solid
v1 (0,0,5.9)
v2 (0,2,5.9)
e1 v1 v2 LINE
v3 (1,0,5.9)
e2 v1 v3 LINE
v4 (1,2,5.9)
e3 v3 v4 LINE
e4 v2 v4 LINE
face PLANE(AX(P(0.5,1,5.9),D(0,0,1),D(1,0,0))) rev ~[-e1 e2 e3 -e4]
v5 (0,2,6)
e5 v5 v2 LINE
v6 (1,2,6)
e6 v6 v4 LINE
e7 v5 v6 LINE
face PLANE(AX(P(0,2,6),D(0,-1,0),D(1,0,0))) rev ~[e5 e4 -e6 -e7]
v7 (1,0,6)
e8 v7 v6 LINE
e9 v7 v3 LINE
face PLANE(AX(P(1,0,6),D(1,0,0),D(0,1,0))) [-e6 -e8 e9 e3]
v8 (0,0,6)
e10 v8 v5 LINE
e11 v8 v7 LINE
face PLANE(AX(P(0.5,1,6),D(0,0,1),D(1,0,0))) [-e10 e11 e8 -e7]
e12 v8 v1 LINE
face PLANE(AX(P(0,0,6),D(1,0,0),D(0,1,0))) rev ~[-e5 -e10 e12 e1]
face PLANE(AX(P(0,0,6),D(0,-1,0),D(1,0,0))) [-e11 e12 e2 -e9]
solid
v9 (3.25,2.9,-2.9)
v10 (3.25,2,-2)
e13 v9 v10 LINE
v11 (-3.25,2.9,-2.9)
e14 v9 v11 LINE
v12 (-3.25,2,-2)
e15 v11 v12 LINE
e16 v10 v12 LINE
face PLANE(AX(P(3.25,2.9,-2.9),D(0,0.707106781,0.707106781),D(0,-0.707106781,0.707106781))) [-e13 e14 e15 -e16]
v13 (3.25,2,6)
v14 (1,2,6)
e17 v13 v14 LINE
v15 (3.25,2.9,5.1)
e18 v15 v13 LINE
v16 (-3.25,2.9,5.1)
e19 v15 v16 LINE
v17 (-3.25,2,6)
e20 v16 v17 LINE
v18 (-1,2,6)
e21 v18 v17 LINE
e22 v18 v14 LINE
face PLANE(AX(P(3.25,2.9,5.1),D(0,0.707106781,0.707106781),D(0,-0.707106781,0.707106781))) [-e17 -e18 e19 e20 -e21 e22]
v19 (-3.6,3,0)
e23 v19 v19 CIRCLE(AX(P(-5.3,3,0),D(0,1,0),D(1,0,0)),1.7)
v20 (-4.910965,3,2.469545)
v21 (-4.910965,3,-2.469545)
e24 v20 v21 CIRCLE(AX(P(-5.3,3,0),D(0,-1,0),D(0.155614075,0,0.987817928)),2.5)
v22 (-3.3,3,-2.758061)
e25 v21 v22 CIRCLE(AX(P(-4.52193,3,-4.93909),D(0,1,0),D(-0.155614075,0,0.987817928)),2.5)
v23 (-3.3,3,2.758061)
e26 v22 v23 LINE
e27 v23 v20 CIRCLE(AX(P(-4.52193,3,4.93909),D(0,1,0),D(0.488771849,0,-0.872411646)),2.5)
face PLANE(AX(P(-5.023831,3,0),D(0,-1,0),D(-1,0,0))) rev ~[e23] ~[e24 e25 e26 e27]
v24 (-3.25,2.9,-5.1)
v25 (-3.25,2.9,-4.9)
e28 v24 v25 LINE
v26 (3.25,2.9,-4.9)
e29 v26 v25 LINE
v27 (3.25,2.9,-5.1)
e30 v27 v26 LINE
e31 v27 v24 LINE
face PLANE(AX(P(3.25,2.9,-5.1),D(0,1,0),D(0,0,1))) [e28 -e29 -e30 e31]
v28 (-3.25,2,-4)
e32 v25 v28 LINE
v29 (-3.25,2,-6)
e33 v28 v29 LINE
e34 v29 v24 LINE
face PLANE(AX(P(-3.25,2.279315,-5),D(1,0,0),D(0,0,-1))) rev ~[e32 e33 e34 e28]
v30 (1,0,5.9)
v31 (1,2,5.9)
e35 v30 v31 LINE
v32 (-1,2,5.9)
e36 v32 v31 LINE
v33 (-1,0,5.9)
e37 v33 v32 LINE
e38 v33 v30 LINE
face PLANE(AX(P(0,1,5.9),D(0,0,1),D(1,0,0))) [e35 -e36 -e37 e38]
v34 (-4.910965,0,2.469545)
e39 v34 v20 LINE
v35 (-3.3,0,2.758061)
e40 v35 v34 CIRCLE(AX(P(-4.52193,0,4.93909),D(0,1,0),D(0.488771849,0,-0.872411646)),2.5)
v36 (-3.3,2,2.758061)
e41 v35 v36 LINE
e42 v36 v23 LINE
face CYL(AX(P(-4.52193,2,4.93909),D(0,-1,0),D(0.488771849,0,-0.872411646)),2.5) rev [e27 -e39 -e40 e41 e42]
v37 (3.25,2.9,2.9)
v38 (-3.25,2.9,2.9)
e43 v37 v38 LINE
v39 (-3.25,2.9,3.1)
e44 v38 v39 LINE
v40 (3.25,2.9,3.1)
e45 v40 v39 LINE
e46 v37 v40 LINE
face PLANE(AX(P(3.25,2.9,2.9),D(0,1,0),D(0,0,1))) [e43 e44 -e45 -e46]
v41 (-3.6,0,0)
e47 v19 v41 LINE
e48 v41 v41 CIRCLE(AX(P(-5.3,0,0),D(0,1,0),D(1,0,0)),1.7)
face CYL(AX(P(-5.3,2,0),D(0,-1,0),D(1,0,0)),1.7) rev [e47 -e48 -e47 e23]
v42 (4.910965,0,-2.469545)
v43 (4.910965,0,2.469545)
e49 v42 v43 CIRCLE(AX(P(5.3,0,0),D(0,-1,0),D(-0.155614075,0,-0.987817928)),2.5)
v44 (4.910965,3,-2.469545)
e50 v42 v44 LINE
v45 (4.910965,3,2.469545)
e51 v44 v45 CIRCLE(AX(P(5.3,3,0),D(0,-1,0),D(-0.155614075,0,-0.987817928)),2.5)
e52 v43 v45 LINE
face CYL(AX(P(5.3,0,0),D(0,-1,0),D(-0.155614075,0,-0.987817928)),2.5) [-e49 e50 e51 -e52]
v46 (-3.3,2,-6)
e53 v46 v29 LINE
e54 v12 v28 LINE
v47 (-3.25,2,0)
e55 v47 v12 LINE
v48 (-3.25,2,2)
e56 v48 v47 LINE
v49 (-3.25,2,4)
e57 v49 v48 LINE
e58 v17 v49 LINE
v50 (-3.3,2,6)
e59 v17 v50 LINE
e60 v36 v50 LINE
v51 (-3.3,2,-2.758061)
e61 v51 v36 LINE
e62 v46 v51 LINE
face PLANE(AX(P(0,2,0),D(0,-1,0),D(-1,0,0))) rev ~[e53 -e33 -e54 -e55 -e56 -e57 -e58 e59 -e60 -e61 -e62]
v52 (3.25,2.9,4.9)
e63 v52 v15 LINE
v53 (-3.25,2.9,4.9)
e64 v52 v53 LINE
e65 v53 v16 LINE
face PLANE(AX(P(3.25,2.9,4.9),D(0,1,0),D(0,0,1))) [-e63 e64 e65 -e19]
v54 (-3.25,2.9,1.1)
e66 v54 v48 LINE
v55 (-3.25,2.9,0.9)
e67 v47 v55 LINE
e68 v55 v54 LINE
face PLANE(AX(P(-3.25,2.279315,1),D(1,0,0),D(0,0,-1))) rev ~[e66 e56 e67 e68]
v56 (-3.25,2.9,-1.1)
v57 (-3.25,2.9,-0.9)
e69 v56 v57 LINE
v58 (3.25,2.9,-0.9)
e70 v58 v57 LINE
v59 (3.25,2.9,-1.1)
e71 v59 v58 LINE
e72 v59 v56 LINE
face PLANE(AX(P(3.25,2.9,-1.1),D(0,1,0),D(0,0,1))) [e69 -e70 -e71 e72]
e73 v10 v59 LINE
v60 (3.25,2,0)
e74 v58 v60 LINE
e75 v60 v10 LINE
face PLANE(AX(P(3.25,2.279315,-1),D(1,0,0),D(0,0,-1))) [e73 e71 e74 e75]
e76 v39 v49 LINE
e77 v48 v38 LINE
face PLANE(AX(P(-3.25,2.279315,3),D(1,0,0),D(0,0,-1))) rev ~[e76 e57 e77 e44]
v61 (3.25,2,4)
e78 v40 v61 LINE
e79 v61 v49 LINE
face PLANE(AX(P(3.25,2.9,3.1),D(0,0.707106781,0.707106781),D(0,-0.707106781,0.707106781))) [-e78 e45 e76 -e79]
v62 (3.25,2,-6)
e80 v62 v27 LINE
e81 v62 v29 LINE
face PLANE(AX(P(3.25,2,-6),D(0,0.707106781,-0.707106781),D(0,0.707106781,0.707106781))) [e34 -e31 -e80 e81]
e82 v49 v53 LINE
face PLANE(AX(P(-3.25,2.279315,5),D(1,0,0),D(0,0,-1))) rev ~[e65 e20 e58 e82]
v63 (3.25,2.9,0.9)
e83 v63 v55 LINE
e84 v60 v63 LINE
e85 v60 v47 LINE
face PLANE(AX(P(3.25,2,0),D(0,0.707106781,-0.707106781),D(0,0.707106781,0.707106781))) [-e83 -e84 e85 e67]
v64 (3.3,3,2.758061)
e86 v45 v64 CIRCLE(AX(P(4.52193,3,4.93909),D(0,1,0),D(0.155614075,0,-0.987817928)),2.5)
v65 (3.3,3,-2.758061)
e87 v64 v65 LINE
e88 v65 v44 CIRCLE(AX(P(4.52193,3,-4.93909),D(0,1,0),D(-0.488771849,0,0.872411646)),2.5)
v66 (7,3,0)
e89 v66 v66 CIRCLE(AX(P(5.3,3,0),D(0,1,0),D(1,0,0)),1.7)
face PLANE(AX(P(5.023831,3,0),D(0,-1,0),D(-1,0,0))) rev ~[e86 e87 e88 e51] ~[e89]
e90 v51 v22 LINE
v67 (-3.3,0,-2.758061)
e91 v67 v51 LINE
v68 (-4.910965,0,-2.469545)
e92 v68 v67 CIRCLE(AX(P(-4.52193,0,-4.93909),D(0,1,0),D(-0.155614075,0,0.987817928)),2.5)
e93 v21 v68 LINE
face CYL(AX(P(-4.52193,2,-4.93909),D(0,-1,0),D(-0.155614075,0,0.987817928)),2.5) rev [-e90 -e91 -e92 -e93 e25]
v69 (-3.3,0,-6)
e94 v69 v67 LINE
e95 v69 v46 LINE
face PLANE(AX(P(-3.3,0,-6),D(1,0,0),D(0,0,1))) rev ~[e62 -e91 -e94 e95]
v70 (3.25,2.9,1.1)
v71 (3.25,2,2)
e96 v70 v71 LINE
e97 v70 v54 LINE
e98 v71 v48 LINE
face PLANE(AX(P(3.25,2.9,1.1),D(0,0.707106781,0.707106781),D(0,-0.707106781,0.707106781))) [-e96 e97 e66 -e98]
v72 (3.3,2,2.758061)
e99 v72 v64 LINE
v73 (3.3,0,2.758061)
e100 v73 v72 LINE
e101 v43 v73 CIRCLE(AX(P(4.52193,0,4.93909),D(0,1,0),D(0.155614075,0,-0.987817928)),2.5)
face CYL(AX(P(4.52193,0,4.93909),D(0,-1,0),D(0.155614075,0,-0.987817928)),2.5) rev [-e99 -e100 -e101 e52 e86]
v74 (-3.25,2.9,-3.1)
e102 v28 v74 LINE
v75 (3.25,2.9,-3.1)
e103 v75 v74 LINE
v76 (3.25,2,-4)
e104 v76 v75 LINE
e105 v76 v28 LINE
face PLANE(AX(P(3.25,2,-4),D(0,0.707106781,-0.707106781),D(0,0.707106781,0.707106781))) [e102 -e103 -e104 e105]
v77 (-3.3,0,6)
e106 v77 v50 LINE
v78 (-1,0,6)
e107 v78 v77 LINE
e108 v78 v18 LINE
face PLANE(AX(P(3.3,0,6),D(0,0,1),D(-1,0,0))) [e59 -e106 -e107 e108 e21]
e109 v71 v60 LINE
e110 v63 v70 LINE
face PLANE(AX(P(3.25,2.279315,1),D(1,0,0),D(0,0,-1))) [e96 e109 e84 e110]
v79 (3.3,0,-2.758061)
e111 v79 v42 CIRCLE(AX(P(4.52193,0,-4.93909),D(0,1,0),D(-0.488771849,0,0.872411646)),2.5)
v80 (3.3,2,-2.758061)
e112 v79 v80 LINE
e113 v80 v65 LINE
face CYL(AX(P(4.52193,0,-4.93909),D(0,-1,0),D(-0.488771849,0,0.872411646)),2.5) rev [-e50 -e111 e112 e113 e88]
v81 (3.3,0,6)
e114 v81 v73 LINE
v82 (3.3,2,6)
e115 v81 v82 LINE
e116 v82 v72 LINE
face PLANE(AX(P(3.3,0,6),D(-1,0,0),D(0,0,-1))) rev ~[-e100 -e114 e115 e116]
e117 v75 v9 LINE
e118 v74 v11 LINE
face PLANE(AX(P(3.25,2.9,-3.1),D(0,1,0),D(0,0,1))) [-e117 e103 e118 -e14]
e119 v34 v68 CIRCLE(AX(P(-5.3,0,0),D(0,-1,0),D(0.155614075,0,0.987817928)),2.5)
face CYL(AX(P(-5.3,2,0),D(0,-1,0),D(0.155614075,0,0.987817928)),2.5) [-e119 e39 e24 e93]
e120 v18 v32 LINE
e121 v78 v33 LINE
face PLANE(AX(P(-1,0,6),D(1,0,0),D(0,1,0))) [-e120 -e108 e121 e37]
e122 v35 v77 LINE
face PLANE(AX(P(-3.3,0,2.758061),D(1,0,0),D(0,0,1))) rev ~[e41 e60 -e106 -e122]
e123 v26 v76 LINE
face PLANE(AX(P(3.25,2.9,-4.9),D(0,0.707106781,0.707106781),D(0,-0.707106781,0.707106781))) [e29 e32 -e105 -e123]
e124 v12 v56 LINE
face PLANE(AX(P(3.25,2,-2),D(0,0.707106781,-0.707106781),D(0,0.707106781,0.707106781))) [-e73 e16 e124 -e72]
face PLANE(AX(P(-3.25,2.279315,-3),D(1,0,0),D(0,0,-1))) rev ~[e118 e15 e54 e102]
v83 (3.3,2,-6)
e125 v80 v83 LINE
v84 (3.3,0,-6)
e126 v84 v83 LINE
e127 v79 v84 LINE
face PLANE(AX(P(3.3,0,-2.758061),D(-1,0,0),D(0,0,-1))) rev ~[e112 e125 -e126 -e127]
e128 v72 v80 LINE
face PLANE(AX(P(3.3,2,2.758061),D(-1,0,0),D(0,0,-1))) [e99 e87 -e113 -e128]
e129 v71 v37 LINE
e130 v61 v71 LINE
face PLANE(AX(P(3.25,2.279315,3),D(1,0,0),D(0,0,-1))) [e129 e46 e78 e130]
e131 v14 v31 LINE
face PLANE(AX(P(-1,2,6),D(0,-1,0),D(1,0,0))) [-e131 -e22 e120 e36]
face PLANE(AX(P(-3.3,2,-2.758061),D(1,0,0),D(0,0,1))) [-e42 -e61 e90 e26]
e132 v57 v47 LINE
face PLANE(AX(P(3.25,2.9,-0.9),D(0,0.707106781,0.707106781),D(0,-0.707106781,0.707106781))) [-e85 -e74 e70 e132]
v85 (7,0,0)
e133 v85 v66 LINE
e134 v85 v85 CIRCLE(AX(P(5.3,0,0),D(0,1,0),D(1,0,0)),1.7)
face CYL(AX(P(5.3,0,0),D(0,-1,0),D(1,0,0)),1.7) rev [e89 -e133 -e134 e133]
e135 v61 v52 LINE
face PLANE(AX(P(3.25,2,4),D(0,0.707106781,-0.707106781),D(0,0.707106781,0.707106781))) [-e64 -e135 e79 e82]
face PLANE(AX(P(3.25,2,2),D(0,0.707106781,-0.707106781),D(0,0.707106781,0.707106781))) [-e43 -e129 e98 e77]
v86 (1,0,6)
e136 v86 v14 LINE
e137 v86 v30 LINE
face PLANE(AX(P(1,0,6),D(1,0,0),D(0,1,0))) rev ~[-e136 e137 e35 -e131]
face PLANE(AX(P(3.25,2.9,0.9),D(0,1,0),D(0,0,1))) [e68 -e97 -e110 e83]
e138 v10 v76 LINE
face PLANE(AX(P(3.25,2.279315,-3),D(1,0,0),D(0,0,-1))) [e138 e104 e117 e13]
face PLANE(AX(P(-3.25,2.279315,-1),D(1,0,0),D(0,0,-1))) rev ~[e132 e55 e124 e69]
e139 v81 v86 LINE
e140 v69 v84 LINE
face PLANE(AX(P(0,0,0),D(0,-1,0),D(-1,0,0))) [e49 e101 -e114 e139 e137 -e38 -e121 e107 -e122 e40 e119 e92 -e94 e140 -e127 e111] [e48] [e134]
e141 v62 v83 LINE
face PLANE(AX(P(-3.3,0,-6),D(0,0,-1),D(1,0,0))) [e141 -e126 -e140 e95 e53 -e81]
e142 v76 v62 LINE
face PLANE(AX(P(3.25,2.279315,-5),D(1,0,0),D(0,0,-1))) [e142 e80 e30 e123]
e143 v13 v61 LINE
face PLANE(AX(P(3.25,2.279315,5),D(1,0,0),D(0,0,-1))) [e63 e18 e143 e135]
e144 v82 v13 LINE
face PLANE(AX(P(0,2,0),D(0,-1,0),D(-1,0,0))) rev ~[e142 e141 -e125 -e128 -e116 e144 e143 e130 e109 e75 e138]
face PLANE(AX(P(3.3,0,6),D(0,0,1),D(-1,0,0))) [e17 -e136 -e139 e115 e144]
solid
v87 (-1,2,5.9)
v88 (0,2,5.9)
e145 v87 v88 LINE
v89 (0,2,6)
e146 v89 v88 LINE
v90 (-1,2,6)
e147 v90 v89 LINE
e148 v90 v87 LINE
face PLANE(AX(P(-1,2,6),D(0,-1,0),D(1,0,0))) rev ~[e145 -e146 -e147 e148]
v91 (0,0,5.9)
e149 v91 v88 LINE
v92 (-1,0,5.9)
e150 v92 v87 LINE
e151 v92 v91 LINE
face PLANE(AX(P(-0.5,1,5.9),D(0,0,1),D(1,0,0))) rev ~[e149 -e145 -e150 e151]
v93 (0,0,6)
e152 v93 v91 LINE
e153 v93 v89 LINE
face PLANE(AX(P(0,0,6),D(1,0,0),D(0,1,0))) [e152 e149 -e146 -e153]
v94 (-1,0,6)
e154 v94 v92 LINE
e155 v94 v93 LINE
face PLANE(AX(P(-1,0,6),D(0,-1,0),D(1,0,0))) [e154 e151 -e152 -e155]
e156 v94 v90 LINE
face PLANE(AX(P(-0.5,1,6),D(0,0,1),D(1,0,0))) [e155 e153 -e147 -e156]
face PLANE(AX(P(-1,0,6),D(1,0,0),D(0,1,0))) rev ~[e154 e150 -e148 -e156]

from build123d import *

# Parameters (mm, degrees)
CROQUIS1_R              = 1.7
SALIENTE_EXTRUIR1_DEPTH = 2
SALIENTE_EXTRUIR2_DEPTH = 6.5
MATRIZL1_COUNT          = 6
MATRIZL1_PITCH          = 2
SKETCH1_W               = 2
SKETCH1_H               = 2
CUT_EXTRUDE1_DEPTH      = 0.1
SKETCH1_3_W             = 1
SKETCH1_3_H             = 2
BOSS_EXTRUDE1_DEPTH     = 0.1
SKETCH1_4_W             = 1
SKETCH1_4_H             = 2
BOSS_EXTRUDE2_DEPTH     = 0.1
BOSS_EXTRUDE3_START     = 2
CROQUIS1_4_R            = 1.7
BOSS_EXTRUDE3_DEPTH     = 1


with BuildPart() as part:
    # Croquis1 → Saliente-Extruir1 (new body)
    with BuildSketch(Plane(origin=(0, 0, 0), x_dir=(1, 0, 0), z_dir=(0, 1, 0))):
        Polygon((-3.3, -2.758060528), (-3.3, 2.758060528), (-3.3, 6), (3.3, 6), (3.3, 2.758060528), (3.3, -2.758060528), (3.3, -6), (-3.3, -6), align=None)
        with BuildLine():
            Line((3.3, -2.758060528), (3.3, 2.758060528))
            ThreePointArc((3.3, 2.758060528), (4.081204524, 2.478243977), (4.910964812, 2.469544821))
            ThreePointArc((4.910964812, 2.469544821), (7.8, 0), (4.910964812, -2.469544821))
            ThreePointArc((4.910964812, -2.469544821), (4.081204524, -2.478243977), (3.3, -2.758060528))
        make_face()
        with Locations((5.3, 0)):
            Circle(CROQUIS1_R, mode=Mode.SUBTRACT)
        with BuildLine():
            ThreePointArc((-4.910964812, -2.469544821), (-7.8, 0), (-4.910964812, 2.469544821))
            ThreePointArc((-4.910964812, 2.469544821), (-4.081204524, 2.478243977), (-3.3, 2.758060528))
            Line((-3.3, 2.758060528), (-3.3, -2.758060528))
            ThreePointArc((-3.3, -2.758060528), (-4.081204524, -2.478243977), (-4.910964812, -2.469544821))
        make_face()
        with Locations((-5.3, 0)):
            Circle(CROQUIS1_R, mode=Mode.SUBTRACT)
    extrude(amount=SALIENTE_EXTRUIR1_DEPTH)

    # Croquis4 → Saliente-Extruir2 (add)
    with BuildSketch(Plane(origin=(3.25, 0, 0), x_dir=(0, 0, -1), z_dir=(1, 0, 0))):
        Polygon((-6, 2), (-4, 2), (-4.9, 2.9), (-5.1, 2.9), align=None)
    saliente_extruir2 = extrude(amount=-SALIENTE_EXTRUIR2_DEPTH)

    # MatrizL1: Saliente-Extruir2 ×6
    with Locations(*[(0, 0, -i * MATRIZL1_PITCH) for i in range(1, MATRIZL1_COUNT)]):
        add(saliente_extruir2)

    # Sketch1 → Cut-Extrude1 (cut)
    with BuildSketch(Plane.XY.offset(6)):
        with Locations((0, 1)):
            Rectangle(SKETCH1_W, SKETCH1_H)
    extrude(amount=-CUT_EXTRUDE1_DEPTH, mode=Mode.SUBTRACT)

    # Croquis1<4> → Boss-Extrude3 (add)
    with BuildSketch(Plane(origin=(0, 0, 0), x_dir=(1, 0, 0), z_dir=(0, 1, 0)).offset(BOSS_EXTRUDE3_START)):
        with BuildLine():
            ThreePointArc((-4.910964812, -2.469544821), (-7.8, 0), (-4.910964812, 2.469544821))
            ThreePointArc((-4.910964812, 2.469544821), (-4.081204524, 2.478243977), (-3.3, 2.758060528))
            Line((-3.3, 2.758060528), (-3.3, -2.758060528))
            ThreePointArc((-3.3, -2.758060528), (-4.081204524, -2.478243977), (-4.910964812, -2.469544821))
        make_face()
        with Locations((-5.3, 0)):
            Circle(CROQUIS1_4_R, mode=Mode.SUBTRACT)
        with BuildLine():
            Line((3.3, -2.758060528), (3.3, 2.758060528))
            ThreePointArc((3.3, 2.758060528), (4.081204524, 2.478243977), (4.910964812, 2.469544821))
            ThreePointArc((4.910964812, 2.469544821), (7.8, 0), (4.910964812, -2.469544821))
            ThreePointArc((4.910964812, -2.469544821), (4.081204524, -2.478243977), (3.3, -2.758060528))
        make_face()
        with Locations((5.3, 0)):
            Circle(CROQUIS1_4_R, mode=Mode.SUBTRACT)
    extrude(amount=BOSS_EXTRUDE3_DEPTH)


with BuildPart() as body_2:
    # Sketch1<3> → Boss-Extrude1 (new body)
    with BuildSketch(Plane.XY.offset(6)):
        with Locations((0.5, 1)):
            Rectangle(SKETCH1_3_W, SKETCH1_3_H)
    extrude(amount=-BOSS_EXTRUDE1_DEPTH)


with BuildPart() as body_3:
    # Sketch1<4> → Boss-Extrude2 (new body)
    with BuildSketch(Plane.XY.offset(6)):
        with Locations((-0.5, 1)):
            Rectangle(SKETCH1_4_W, SKETCH1_4_H)
    extrude(amount=-BOSS_EXTRUDE2_DEPTH)


solid = Compound([part.part, body_2.part, body_3.part])
